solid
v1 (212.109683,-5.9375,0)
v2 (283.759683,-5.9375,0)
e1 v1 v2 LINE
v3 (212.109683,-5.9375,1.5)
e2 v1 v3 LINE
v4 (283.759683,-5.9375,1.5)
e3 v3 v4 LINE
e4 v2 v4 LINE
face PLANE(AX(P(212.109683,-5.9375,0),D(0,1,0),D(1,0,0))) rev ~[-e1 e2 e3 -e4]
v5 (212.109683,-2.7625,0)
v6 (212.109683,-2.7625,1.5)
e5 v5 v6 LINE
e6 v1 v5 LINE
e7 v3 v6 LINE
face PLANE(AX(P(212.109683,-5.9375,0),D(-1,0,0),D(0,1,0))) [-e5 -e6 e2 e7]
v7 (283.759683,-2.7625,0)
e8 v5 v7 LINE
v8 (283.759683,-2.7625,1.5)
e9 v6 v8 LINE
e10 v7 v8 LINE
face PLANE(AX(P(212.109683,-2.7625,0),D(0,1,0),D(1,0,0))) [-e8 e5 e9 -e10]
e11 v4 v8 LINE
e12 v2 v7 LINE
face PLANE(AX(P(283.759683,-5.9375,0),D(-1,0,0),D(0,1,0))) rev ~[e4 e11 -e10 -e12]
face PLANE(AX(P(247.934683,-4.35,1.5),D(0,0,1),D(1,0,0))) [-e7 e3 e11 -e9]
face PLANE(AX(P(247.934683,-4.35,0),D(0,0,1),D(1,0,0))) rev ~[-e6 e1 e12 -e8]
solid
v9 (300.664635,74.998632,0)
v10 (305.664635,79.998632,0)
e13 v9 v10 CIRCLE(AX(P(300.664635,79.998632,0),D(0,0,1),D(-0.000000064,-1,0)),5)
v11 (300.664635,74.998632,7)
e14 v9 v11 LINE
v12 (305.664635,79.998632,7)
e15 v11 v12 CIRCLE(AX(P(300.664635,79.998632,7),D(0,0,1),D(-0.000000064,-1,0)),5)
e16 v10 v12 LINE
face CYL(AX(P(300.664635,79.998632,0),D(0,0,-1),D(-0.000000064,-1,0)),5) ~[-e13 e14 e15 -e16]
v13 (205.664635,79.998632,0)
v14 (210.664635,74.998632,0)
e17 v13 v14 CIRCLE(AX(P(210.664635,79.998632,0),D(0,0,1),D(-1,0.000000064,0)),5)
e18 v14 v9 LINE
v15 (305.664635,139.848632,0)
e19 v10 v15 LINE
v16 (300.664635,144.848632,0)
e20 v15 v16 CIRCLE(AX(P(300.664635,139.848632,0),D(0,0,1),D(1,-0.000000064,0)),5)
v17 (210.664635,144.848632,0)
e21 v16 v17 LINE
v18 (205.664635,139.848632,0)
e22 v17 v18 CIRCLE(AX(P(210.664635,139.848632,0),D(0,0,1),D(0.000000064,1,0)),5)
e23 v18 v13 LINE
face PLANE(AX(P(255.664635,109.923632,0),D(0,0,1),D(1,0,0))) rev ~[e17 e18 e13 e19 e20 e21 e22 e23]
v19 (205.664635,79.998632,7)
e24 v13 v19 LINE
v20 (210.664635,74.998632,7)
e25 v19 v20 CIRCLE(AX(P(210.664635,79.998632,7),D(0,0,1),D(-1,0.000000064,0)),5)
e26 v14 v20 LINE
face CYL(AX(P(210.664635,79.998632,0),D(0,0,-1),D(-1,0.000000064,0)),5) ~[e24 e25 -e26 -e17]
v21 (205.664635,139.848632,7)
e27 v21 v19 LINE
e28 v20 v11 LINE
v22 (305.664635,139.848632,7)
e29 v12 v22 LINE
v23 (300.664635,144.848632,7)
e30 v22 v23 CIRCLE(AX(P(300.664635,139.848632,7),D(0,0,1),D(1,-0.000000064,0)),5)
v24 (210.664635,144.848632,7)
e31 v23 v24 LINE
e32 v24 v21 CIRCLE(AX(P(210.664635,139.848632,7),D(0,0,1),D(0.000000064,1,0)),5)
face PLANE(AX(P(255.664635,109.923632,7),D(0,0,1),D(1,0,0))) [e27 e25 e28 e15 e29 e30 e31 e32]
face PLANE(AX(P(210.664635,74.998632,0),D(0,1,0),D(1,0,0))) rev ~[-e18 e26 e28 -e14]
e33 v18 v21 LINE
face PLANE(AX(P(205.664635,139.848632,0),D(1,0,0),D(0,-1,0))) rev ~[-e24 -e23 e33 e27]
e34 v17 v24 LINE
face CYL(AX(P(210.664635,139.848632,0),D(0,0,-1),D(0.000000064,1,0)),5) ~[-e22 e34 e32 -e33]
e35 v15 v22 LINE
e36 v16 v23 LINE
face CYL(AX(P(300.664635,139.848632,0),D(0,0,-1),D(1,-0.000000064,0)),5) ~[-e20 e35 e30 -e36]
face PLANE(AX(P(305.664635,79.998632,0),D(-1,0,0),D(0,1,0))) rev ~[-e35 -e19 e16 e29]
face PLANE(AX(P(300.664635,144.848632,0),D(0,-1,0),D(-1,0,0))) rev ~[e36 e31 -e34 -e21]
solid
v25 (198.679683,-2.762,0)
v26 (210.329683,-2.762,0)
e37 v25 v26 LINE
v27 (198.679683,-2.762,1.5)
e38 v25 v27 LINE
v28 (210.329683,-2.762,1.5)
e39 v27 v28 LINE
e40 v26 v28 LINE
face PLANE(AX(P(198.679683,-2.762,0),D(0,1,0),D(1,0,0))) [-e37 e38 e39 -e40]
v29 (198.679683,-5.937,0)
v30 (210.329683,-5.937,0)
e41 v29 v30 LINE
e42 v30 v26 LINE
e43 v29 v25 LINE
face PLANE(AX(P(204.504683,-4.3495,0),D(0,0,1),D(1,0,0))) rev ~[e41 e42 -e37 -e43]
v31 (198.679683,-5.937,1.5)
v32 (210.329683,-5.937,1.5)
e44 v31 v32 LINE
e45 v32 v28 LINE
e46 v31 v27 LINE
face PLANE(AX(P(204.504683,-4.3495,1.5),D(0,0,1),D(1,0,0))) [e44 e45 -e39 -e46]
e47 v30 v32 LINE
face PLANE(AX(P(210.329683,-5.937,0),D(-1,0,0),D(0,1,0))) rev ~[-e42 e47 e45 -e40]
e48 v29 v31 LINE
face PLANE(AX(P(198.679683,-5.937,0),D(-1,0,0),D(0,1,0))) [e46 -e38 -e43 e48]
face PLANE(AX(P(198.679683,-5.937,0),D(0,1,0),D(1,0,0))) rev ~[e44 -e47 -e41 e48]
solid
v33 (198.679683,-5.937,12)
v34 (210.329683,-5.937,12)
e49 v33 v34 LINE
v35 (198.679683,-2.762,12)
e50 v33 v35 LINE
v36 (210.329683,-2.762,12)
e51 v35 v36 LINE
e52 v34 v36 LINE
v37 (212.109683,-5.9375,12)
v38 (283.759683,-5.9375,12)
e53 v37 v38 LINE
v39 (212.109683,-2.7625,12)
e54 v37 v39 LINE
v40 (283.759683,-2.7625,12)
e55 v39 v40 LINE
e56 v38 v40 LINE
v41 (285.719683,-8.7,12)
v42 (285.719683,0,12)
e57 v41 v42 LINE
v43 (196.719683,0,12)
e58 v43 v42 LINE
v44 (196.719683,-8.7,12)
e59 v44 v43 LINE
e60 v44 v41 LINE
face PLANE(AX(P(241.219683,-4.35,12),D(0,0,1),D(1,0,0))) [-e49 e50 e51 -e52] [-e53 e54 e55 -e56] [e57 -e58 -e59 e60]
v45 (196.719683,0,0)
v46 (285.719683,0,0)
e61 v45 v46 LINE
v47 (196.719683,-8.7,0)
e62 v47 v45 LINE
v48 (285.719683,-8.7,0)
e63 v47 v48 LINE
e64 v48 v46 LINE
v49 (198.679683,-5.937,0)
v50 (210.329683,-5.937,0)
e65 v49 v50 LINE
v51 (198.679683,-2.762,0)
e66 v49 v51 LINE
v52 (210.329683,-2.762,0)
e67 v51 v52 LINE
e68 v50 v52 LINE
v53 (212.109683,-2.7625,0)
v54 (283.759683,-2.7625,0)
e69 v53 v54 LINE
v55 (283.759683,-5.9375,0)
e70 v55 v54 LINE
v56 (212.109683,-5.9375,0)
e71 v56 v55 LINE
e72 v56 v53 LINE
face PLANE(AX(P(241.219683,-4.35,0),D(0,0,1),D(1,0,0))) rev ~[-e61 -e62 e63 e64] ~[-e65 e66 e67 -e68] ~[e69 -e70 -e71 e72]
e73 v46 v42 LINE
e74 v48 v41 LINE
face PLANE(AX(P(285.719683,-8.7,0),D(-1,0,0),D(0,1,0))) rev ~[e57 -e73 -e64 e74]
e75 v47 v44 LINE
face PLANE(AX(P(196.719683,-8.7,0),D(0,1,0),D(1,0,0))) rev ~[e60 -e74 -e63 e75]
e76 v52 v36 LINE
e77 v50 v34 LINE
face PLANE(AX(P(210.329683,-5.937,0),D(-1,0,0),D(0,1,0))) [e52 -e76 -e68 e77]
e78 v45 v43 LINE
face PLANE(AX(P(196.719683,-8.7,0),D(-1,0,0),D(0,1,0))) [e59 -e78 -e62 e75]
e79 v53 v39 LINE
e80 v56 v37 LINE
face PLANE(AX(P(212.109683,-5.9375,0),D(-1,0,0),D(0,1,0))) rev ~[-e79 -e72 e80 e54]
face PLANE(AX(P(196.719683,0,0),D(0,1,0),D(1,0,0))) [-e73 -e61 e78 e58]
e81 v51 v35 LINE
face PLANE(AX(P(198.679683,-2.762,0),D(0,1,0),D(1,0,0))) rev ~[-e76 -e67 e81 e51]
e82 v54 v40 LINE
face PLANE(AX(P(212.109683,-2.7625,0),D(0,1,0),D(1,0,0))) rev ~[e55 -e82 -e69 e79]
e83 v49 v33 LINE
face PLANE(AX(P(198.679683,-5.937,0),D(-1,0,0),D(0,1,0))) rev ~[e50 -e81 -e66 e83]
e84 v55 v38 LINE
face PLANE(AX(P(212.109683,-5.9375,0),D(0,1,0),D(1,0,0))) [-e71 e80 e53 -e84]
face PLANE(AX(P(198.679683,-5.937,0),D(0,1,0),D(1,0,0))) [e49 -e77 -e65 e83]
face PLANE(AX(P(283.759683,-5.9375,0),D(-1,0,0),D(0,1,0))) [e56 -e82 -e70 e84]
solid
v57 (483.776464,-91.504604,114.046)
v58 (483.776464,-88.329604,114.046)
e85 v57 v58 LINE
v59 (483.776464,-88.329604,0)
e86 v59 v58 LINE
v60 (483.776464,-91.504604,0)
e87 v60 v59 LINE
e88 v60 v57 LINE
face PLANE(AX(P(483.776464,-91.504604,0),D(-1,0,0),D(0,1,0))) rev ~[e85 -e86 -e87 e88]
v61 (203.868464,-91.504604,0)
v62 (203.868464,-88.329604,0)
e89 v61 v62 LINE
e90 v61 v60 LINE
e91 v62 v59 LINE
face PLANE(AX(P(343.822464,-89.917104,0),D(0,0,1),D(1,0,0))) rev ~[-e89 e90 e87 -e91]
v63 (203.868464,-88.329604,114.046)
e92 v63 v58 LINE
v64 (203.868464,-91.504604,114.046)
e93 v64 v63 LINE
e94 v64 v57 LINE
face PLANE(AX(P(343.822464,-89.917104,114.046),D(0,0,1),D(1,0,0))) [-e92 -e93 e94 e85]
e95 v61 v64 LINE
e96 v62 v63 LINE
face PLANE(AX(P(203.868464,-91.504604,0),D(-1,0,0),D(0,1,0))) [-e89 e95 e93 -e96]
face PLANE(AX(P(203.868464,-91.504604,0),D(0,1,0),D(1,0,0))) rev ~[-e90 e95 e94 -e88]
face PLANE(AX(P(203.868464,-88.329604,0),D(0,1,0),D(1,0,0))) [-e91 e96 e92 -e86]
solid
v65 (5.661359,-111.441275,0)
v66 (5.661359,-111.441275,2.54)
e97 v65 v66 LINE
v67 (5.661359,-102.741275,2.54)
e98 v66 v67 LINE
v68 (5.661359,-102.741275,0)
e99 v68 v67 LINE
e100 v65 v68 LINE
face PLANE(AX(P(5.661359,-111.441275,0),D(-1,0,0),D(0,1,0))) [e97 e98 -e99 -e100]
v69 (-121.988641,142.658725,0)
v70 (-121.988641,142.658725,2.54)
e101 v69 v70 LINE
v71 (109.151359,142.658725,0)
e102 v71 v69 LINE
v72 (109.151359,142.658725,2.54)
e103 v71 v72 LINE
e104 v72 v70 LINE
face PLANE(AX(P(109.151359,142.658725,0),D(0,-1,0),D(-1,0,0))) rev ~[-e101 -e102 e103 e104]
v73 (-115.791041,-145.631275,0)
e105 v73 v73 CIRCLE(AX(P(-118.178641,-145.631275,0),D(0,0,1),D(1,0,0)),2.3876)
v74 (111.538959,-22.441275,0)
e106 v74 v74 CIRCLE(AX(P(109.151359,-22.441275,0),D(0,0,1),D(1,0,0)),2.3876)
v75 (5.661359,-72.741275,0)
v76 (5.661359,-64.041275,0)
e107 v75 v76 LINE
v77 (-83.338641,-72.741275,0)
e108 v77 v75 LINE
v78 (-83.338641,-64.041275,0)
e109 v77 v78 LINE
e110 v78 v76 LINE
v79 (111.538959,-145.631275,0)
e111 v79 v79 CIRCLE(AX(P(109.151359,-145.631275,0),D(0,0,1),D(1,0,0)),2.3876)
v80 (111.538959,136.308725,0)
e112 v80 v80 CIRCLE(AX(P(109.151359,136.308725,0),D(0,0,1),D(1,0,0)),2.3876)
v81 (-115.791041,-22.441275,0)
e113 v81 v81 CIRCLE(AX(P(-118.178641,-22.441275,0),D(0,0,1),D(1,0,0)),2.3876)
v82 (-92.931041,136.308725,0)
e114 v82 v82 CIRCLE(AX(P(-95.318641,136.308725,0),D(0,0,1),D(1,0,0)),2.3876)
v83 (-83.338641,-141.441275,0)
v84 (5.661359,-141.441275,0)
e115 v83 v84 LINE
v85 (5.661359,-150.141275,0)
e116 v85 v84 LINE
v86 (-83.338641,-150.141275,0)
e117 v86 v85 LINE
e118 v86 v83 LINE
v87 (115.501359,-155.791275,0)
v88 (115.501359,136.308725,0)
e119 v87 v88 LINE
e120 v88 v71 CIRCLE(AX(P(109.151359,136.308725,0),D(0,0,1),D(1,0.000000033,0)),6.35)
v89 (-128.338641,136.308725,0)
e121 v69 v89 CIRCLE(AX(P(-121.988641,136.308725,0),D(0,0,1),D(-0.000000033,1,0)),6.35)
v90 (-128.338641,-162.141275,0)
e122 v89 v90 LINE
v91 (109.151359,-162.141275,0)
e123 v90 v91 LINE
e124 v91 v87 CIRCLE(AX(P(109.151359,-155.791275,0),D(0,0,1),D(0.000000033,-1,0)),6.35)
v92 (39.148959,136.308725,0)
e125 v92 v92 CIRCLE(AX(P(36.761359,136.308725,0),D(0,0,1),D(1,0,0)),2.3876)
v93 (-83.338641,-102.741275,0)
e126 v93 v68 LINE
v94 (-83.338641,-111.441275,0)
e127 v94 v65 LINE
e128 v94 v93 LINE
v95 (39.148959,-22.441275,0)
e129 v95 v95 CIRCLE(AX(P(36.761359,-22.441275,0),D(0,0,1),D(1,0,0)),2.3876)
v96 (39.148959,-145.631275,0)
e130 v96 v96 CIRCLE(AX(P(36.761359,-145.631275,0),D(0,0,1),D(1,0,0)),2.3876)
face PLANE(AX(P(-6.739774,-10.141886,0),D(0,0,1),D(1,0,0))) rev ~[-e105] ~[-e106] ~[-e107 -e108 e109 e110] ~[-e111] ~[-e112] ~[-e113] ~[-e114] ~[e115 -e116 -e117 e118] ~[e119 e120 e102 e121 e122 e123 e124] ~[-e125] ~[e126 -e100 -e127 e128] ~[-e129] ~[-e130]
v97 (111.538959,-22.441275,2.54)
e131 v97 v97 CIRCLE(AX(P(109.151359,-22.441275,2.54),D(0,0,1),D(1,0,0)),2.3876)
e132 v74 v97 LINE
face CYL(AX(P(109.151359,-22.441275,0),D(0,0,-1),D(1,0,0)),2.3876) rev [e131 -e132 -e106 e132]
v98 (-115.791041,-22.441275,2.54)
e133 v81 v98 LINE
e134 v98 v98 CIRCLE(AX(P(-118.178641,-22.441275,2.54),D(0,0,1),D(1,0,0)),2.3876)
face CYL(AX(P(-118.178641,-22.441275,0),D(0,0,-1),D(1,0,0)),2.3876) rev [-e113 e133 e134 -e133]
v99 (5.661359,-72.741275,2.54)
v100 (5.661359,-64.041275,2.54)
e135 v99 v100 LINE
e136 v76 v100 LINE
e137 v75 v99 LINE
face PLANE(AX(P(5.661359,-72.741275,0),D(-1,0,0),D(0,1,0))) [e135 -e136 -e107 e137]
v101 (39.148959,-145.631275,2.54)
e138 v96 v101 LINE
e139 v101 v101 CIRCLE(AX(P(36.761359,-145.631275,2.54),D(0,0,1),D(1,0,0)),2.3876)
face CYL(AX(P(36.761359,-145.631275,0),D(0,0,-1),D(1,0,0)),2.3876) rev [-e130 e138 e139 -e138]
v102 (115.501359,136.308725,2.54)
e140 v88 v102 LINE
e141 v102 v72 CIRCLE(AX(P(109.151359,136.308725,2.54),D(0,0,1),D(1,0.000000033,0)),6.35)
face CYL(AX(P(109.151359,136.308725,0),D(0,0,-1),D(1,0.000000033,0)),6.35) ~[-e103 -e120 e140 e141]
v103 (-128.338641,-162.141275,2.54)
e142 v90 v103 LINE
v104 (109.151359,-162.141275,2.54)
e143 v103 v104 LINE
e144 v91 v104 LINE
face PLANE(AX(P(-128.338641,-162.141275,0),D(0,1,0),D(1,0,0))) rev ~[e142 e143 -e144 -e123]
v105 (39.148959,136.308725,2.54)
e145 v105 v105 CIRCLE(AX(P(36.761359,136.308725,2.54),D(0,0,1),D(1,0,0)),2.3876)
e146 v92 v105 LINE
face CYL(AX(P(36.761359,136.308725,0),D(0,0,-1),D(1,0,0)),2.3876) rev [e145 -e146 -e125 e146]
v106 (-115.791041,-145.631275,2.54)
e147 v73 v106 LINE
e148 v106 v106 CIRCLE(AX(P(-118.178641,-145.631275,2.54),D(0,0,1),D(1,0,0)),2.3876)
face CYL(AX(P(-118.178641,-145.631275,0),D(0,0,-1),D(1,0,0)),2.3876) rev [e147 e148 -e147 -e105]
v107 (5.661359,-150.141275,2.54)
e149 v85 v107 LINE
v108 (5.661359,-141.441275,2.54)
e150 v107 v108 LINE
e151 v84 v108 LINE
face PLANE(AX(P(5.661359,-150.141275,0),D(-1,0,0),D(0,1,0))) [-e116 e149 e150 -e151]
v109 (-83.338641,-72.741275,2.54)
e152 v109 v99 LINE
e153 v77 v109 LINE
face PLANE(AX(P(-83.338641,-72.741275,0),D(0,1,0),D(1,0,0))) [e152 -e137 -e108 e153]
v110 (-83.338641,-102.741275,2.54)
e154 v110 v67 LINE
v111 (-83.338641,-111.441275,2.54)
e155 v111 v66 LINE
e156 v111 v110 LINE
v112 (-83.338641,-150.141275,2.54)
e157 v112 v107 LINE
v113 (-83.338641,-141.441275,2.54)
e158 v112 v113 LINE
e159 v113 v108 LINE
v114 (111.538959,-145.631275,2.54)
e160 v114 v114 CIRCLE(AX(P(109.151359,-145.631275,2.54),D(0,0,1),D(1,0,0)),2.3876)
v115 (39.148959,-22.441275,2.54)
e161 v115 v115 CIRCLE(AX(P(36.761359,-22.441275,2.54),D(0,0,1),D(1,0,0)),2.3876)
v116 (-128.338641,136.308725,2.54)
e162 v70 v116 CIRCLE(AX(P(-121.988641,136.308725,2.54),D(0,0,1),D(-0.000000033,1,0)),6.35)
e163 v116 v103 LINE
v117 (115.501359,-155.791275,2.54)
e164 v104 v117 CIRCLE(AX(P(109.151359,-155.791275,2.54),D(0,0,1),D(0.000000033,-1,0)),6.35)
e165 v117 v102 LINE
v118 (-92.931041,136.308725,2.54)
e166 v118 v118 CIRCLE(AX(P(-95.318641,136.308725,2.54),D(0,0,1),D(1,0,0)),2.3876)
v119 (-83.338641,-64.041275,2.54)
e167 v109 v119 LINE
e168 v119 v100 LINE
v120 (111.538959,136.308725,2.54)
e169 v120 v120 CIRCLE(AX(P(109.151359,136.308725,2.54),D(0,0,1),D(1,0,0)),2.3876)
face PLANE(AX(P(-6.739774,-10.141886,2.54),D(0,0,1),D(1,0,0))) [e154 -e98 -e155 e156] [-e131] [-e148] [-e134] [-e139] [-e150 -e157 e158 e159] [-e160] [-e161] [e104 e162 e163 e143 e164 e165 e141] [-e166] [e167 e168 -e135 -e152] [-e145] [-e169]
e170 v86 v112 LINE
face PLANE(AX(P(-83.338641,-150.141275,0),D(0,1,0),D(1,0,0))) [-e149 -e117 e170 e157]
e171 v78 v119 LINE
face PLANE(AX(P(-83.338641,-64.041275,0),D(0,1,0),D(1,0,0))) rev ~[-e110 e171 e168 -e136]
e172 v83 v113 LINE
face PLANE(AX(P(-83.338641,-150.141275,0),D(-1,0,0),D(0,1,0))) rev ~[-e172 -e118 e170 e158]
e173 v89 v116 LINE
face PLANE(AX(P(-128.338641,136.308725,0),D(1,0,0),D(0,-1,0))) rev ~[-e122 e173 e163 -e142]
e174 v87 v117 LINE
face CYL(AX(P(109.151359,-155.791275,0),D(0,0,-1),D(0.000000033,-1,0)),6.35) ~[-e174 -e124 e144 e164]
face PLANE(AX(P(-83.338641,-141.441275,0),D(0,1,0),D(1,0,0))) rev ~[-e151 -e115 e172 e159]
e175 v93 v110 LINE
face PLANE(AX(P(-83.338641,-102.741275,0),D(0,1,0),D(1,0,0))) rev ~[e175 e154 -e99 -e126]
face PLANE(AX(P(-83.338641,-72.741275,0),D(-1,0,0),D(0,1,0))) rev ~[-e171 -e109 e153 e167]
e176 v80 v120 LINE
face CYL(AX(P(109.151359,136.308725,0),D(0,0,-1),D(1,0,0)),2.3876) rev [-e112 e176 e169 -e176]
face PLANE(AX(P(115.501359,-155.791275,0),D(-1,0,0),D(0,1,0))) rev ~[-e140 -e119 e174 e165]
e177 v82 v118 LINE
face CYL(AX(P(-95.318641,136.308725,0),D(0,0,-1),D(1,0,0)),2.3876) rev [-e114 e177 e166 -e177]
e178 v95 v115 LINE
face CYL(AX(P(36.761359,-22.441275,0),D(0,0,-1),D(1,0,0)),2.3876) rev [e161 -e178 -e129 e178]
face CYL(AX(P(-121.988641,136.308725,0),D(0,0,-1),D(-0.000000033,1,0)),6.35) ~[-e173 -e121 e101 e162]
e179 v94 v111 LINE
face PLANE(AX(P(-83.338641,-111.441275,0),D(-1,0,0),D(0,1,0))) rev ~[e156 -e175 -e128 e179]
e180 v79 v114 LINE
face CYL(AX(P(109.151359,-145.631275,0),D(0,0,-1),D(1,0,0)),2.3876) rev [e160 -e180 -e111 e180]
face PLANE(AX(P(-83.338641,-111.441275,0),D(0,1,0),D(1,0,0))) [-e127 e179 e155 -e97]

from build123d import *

# Parameters (mm, degrees)
F0_R     = 2.3876
F0_W     = 89
F0_H     = 8.7
F1_DEPTH = 2.54
F2_W     = 11.65
F2_H     = 3.175
F2_W_2   = 71.65
F3_DEPTH = 1.5
F2_W_3   = 89
F2_H_2   = 8.7
F4_DEPTH = 12
F5_DEPTH = 7
F2_W_4   = 279.908
F6_DEPTH = 114.046


with BuildPart() as f1:
    # F0 (on Top) → F1 (new body)
    with BuildSketch(Plane.XY):
        with BuildLine():
            Line((-118.178641, -162.141275), (109.151359, -162.141275))
            ThreePointArc((109.151359, -162.141275), (113.641487, -160.281403), (115.501359, -155.791275))
            Line((115.501359, -155.791275), (115.501359, 136.308725))
            ThreePointArc((115.501359, 136.308725), (113.641487, 140.798853), (109.151359, 142.658725))
            Line((109.151359, 142.658725), (-95.318641, 142.658725))
            Line((-95.318641, 142.658725), (-121.988641, 142.658725))
            ThreePointArc((-121.988641, 142.658725), (-126.478769, 140.798853), (-128.338641, 136.308725))
            Line((-128.338641, 136.308725), (-128.338641, -162.141275))
            Line((-128.338641, -162.141275), (-118.178641, -162.141275))
        make_face()
        with Locations((-118.178641, -145.631275)):
            Circle(F0_R, mode=Mode.SUBTRACT)
        with Locations((-38.838641, -145.791275)):
            Rectangle(F0_W, F0_H, mode=Mode.SUBTRACT)
        with Locations((-38.838641, -107.091275)):
            Rectangle(F0_W, F0_H, mode=Mode.SUBTRACT)
        with Locations((-118.178641, -22.441275)):
            Circle(F0_R, mode=Mode.SUBTRACT)
        with Locations((-38.838641, -68.391275)):
            Rectangle(F0_W, F0_H, mode=Mode.SUBTRACT)
        with Locations((36.761359, -145.631275)):
            Circle(F0_R, mode=Mode.SUBTRACT)
        with Locations((109.151359, -145.631275)):
            Circle(F0_R, mode=Mode.SUBTRACT)
        with Locations((36.761359, -22.441275)):
            Circle(F0_R, mode=Mode.SUBTRACT)
        with Locations((109.151359, -22.441275)):
            Circle(F0_R, mode=Mode.SUBTRACT)
        with Locations((-95.318641, 136.308725)):
            Circle(F0_R, mode=Mode.SUBTRACT)
        with Locations((36.761359, 136.308725)):
            Circle(F0_R, mode=Mode.SUBTRACT)
        with Locations((109.151359, 136.308725)):
            Circle(F0_R, mode=Mode.SUBTRACT)
    extrude(amount=F1_DEPTH)


with BuildPart() as f3:
    # F2 (on Top) → F3 (new body)
    with BuildSketch(Plane.XY):
        with Locations((204.504683, -4.3495)):
            Rectangle(F2_W, F2_H)
        with Locations((247.934683, -4.35)):
            Rectangle(F2_W_2, F2_H)
    extrude(amount=F3_DEPTH)


with BuildPart() as f4:
    # F2 (on Top) → F4 (new body)
    with BuildSketch(Plane.XY):
        with Locations((241.219683, -4.35)):
            Rectangle(F2_W_3, F2_H_2)
        with Locations((204.504683, -4.3495)):
            Rectangle(F2_W, F2_H, mode=Mode.SUBTRACT)
        with Locations((247.934683, -4.35)):
            Rectangle(F2_W_2, F2_H, mode=Mode.SUBTRACT)
    extrude(amount=F4_DEPTH)


with BuildPart() as f5:
    # F2 (on Top) → F5 (new body)
    with BuildSketch(Plane.XY):
        with BuildLine():
            ThreePointArc((205.664635, 79.998632), (207.129101, 76.463098), (210.664635, 74.998632))
            Line((210.664635, 74.998632), (300.664635, 74.998632))
            ThreePointArc((300.664635, 74.998632), (304.200169, 76.463098), (305.664635, 79.998632))
            Line((305.664635, 79.998632), (305.664635, 139.848632))
            ThreePointArc((305.664635, 139.848632), (304.200169, 143.384166), (300.664635, 144.848632))
            Line((300.664635, 144.848632), (210.664635, 144.848632))
            ThreePointArc((210.664635, 144.848632), (207.129101, 143.384166), (205.664635, 139.848632))
            Line((205.664635, 139.848632), (205.664635, 79.998632))
        make_face()
    extrude(amount=F5_DEPTH)


with BuildPart() as f6:
    # F2 (on Top) → F6 (new body)
    with BuildSketch(Plane.XY):
        with Locations((343.822464, -89.917104)):
            Rectangle(F2_W_4, F2_H)
    extrude(amount=F6_DEPTH)


solid = Compound([f1.part, f3.part, f4.part, f5.part, f6.part])
